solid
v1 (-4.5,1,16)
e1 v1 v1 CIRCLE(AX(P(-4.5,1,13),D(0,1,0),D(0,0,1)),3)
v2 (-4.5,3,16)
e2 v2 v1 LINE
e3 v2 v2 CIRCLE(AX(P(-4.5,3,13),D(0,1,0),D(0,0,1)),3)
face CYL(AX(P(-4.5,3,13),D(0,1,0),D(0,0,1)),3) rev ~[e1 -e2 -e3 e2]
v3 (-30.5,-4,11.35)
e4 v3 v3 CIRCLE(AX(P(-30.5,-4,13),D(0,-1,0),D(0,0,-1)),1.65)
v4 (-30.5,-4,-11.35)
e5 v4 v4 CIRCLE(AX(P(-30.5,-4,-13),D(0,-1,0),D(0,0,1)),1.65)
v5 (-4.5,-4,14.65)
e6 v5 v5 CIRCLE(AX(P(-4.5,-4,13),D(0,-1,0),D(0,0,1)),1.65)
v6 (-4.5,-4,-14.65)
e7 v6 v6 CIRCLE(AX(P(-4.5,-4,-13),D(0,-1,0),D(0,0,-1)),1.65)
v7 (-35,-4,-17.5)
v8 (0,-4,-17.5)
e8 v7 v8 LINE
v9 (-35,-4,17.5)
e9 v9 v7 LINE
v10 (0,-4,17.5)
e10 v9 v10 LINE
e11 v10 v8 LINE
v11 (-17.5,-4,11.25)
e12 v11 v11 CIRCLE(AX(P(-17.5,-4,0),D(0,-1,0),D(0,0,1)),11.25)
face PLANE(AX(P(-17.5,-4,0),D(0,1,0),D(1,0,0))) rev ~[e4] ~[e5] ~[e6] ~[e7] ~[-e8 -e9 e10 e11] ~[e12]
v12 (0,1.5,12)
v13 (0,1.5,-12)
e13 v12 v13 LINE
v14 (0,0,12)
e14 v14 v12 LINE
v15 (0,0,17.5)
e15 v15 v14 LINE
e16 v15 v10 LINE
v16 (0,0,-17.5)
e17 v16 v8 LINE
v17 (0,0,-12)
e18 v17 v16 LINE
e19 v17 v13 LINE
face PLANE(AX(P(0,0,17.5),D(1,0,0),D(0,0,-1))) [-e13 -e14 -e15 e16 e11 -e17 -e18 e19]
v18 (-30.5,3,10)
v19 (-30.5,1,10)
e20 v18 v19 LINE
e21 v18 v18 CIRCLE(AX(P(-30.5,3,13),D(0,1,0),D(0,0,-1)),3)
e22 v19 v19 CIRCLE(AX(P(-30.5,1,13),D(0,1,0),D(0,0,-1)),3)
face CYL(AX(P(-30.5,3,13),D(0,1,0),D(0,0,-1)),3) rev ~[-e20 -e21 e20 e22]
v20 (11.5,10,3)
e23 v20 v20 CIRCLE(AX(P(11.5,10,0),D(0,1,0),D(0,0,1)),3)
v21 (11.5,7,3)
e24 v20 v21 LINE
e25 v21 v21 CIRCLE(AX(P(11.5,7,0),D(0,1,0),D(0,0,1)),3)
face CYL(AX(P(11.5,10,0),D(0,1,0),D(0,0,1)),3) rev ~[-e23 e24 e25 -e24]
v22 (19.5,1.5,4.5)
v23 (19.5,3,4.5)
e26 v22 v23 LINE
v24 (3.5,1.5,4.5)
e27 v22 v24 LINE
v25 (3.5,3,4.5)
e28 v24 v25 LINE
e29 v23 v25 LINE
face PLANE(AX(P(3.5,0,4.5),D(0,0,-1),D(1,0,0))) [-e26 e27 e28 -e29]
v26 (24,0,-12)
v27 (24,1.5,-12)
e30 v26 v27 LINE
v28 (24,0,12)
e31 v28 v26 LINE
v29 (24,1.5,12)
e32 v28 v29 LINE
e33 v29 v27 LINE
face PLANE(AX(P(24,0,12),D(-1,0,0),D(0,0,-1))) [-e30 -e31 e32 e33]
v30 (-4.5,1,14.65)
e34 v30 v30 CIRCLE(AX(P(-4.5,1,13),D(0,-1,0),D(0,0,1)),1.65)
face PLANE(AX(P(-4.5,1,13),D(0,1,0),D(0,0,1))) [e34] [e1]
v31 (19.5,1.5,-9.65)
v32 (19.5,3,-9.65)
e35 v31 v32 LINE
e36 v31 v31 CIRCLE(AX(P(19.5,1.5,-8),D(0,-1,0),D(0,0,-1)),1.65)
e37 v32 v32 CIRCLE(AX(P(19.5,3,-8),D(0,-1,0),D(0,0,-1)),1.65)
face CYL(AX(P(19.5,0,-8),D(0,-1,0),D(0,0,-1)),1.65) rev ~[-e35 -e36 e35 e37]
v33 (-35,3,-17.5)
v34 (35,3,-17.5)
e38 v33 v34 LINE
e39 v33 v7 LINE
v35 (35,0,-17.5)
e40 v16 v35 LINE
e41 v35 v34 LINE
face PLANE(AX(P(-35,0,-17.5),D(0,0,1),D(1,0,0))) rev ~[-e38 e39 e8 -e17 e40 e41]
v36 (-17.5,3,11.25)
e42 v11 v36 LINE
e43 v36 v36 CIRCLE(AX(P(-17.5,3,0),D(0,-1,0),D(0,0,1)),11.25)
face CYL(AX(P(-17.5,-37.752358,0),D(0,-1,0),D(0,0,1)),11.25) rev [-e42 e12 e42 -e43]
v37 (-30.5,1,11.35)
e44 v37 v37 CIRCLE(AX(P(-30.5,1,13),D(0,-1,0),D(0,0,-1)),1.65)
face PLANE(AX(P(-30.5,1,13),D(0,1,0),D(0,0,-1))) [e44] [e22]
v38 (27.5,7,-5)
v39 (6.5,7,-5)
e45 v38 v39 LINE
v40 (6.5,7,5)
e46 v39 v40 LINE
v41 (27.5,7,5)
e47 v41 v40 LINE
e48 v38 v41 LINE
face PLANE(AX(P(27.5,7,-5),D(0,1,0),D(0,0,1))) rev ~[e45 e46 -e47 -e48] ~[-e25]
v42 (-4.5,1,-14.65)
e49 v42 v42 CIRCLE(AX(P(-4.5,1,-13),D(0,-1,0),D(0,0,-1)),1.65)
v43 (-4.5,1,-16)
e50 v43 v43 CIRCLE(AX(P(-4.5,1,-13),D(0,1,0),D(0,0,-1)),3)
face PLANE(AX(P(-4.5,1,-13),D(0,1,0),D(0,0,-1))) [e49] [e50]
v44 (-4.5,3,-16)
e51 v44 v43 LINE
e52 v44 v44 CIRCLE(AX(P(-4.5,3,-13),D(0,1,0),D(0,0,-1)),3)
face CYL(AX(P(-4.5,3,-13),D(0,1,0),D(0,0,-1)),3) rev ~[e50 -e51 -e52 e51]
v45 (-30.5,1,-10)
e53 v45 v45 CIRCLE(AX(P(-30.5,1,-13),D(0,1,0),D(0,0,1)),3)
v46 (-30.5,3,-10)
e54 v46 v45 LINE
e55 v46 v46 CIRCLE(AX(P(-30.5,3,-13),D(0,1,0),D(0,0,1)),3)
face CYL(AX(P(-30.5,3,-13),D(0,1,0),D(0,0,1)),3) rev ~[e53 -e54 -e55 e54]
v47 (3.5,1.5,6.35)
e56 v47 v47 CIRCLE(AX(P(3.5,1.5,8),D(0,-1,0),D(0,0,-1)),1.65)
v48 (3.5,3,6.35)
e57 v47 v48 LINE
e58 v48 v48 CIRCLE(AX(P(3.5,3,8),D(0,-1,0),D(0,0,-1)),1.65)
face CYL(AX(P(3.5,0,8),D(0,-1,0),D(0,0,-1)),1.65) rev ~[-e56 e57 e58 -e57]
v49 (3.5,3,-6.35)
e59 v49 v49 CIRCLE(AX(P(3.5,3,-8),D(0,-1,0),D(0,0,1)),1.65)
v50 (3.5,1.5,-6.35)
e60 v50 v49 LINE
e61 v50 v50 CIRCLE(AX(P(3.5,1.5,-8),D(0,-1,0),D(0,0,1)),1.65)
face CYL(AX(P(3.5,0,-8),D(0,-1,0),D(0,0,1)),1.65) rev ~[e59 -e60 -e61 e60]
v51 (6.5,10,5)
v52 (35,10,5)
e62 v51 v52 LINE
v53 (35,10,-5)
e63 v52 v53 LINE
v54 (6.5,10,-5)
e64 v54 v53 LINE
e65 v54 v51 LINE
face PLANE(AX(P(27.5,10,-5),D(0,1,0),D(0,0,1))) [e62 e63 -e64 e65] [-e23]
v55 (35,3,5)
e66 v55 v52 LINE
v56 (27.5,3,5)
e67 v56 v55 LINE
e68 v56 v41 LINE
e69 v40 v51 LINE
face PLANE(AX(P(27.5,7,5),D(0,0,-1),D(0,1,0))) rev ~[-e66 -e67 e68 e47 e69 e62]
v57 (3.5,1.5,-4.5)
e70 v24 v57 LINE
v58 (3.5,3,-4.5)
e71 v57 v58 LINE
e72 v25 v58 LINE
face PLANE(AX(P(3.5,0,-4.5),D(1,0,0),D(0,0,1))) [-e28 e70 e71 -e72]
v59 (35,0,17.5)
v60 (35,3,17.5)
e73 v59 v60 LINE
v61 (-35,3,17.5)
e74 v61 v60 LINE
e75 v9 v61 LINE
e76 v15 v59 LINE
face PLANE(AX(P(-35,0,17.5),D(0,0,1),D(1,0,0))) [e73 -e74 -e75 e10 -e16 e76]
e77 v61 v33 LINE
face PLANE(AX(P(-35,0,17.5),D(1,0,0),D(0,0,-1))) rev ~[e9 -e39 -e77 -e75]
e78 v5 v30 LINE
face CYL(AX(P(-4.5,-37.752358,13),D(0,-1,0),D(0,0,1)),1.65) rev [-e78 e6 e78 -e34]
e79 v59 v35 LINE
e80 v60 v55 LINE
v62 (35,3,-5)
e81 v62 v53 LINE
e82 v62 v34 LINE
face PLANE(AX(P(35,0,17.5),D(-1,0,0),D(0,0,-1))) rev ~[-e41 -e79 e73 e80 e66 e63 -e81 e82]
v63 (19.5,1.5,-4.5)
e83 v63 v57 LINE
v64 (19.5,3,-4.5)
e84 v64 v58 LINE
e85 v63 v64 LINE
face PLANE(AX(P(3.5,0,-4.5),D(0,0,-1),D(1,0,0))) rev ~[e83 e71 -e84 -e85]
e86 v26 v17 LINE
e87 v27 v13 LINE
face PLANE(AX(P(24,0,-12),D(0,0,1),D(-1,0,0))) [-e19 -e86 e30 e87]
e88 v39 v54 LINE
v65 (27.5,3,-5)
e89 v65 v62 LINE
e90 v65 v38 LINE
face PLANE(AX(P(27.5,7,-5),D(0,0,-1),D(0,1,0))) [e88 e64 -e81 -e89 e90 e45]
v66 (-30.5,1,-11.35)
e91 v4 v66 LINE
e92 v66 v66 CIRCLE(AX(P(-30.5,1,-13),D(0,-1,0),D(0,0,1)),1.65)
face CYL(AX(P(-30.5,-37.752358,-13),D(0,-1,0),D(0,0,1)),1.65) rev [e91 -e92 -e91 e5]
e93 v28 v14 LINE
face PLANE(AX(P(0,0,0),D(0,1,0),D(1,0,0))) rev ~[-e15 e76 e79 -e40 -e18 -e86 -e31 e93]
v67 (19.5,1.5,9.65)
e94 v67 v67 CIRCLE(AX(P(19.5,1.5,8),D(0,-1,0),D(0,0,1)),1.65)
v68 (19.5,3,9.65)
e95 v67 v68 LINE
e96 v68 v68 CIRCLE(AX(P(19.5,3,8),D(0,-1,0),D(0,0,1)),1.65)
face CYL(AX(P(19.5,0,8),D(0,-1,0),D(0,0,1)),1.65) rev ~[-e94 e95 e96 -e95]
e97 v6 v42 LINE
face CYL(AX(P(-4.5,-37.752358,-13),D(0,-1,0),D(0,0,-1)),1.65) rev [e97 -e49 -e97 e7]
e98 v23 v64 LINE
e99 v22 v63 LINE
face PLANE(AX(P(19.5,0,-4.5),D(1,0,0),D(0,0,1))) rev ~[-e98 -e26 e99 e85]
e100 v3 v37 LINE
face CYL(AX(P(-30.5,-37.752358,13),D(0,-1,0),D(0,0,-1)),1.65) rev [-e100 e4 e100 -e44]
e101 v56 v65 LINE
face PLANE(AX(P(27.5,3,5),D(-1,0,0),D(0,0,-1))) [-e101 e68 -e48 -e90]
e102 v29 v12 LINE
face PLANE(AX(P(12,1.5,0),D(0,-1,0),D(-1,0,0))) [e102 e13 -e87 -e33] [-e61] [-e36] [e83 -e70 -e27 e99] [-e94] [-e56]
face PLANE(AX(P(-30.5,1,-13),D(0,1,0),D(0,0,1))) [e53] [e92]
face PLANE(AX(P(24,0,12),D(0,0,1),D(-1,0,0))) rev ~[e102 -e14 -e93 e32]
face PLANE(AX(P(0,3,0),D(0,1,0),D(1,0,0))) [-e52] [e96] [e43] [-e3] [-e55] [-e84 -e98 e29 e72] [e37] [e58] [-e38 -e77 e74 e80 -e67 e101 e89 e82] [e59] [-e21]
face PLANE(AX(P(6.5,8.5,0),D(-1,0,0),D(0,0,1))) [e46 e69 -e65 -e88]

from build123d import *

# Parameters (mm, degrees)
SKETCH1_W               = 70
SKETCH1_H               = 35
BOSS_EXTRUDE1_DEPTH     = 3
BOSS_EXTRUDE2_START     = -3
SKETCH3_W               = 35
SKETCH3_H               = 35
BOSS_EXTRUDE2_DEPTH     = 4
CUT_EXTRUDE1_DEPTH      = 40.752358421
CUT_EXTRUDE1_DEPTH_BACK = 40.752358421
SKETCH2_R               = 1.65
SKETCH2_R_2             = 11.25
SKETCH5_R               = 3
CUT_EXTRUDE3_DEPTH      = 2
SKETCH6_R               = 1.65
SKETCH6_W               = 16
SKETCH6_H               = 9
CUT_EXTRUDE4_DEPTH      = 40.33509883
SKETCH7_W               = 24
SKETCH7_H               = 24
CUT_EXTRUDE5_DEPTH      = 1.5
SKETCH8_W               = 7.5
SKETCH8_H               = 10
BOSS_EXTRUDE3_DEPTH     = 7
SKETCH9_W               = 10
SKETCH9_H               = 3
BOSS_EXTRUDE4_DEPTH     = 21
CUT_EXTRUDE6_REACH      = 43.56
SKETCH10_R              = 3


with BuildPart() as part:
    # Sketch1 → Boss-Extrude1 (new body)
    with BuildSketch(Plane(origin=(0, 0, 0), x_dir=(1, 0, 0), z_dir=(0, 1, 0))):
        Rectangle(SKETCH1_W, SKETCH1_H)
    extrude(amount=BOSS_EXTRUDE1_DEPTH)

    # Sketch3 → Boss-Extrude2 (add)
    with BuildSketch(Plane(origin=(0, 3, 0), x_dir=(1, 0, 0), z_dir=(0, 1, 0)).offset(BOSS_EXTRUDE2_START)):
        with Locations((-17.5, 0)):
            Rectangle(SKETCH3_W, SKETCH3_H)
    extrude(amount=-BOSS_EXTRUDE2_DEPTH)

    # Sketch2 → Cut-Extrude1 (cut, two sides: drawn at the far end of the back side and taken through both)
    with BuildSketch(Plane(origin=(0, 3, 0), x_dir=(1, 0, 0), z_dir=(0, 1, 0)).offset(-CUT_EXTRUDE1_DEPTH_BACK)):
        with Locations(Location((-30.5, 13, 0), (0, 0, 270))):
            Circle(SKETCH2_R)
        with Locations(Location((-4.5, 13, 0), (0, 0, 90))):
            Circle(SKETCH2_R)
        with Locations(Location((-4.5, -13, 0), (0, 0, 270))):
            Circle(SKETCH2_R)
        with Locations(Location((-30.5, -13, 0), (0, 0, 90))):
            Circle(SKETCH2_R)
        with Locations(Location((-17.5, 0, 0), (0, 0, 270))):
            Circle(SKETCH2_R_2)
    extrude(amount=CUT_EXTRUDE1_DEPTH + CUT_EXTRUDE1_DEPTH_BACK, mode=Mode.SUBTRACT)

    # Sketch5 → Cut-Extrude3 (cut)
    with BuildSketch(Plane(origin=(0, 3, 0), x_dir=(1, 0, 0), z_dir=(0, 1, 0))):
        with Locations(Location((-30.5, 13, 0), (0, 0, 270))):
            Circle(SKETCH5_R)
        with Locations(Location((-4.5, 13, 0), (0, 0, 90))):
            Circle(SKETCH5_R)
        with Locations(Location((-4.5, -13, 0), (0, 0, 270))):
            Circle(SKETCH5_R)
        with Locations(Location((-30.5, -13, 0), (0, 0, 90))):
            Circle(SKETCH5_R)
    extrude(amount=-CUT_EXTRUDE3_DEPTH, mode=Mode.SUBTRACT)

    # Sketch6 → Cut-Extrude4 (cut, through all)
    with BuildSketch(Plane.XZ):
        with Locations(Location((3.5, 8, 0), (0, 0, 270))):
            Circle(SKETCH6_R)
        with Locations(Location((19.5, 8, 0), (0, 0, 90))):
            Circle(SKETCH6_R)
        with Locations(Location((19.5, -8, 0), (0, 0, 270))):
            Circle(SKETCH6_R)
        with Locations(Location((3.5, -8, 0), (0, 0, 90))):
            Circle(SKETCH6_R)
        with Locations((11.5, 0)):
            Rectangle(SKETCH6_W, SKETCH6_H)
    extrude(amount=-CUT_EXTRUDE4_DEPTH, mode=Mode.SUBTRACT)

    # Sketch7 → Cut-Extrude5 (cut)
    with BuildSketch(Plane(origin=(0, 0, 0), x_dir=(-1, 0, 0), z_dir=(0, -1, 0))):
        with Locations((-12, 0)):
            Rectangle(SKETCH7_W, SKETCH7_H)
    extrude(amount=-CUT_EXTRUDE5_DEPTH, mode=Mode.SUBTRACT)

    # Sketch8 → Boss-Extrude3 (add)
    with BuildSketch(Plane(origin=(0, 3, 0), x_dir=(1, 0, 0), z_dir=(0, 1, 0))):
        with Locations((31.25, 0)):
            Rectangle(SKETCH8_W, SKETCH8_H)
    extrude(amount=BOSS_EXTRUDE3_DEPTH)

    # Sketch9 → Boss-Extrude4 (add)
    with BuildSketch(Plane.ZY.offset(-27.5)):
        with Locations((0, 8.5)):
            Rectangle(SKETCH9_W, SKETCH9_H)
    extrude(amount=BOSS_EXTRUDE4_DEPTH)

    # Sketch10 → Cut-Extrude6 (cut, up to next)
    with BuildSketch(Plane(origin=(0, 10, 0), x_dir=(1, 0, 0), z_dir=(0, 1, 0)), mode=Mode.PRIVATE) as cut_extrude6_sk1:
        with Locations(Location((11.5, 0, 0), (0, 0, 270))):
            Circle(SKETCH10_R)
    cut_extrude6_tool1 = extrude(cut_extrude6_sk1.sketch, amount=-CUT_EXTRUDE6_REACH, mode=Mode.PRIVATE) & part.part
    add(cut_extrude6_tool1.solids().sort_by_distance((11.5, 10, 0))[0], mode=Mode.SUBTRACT)


solid = part.part
